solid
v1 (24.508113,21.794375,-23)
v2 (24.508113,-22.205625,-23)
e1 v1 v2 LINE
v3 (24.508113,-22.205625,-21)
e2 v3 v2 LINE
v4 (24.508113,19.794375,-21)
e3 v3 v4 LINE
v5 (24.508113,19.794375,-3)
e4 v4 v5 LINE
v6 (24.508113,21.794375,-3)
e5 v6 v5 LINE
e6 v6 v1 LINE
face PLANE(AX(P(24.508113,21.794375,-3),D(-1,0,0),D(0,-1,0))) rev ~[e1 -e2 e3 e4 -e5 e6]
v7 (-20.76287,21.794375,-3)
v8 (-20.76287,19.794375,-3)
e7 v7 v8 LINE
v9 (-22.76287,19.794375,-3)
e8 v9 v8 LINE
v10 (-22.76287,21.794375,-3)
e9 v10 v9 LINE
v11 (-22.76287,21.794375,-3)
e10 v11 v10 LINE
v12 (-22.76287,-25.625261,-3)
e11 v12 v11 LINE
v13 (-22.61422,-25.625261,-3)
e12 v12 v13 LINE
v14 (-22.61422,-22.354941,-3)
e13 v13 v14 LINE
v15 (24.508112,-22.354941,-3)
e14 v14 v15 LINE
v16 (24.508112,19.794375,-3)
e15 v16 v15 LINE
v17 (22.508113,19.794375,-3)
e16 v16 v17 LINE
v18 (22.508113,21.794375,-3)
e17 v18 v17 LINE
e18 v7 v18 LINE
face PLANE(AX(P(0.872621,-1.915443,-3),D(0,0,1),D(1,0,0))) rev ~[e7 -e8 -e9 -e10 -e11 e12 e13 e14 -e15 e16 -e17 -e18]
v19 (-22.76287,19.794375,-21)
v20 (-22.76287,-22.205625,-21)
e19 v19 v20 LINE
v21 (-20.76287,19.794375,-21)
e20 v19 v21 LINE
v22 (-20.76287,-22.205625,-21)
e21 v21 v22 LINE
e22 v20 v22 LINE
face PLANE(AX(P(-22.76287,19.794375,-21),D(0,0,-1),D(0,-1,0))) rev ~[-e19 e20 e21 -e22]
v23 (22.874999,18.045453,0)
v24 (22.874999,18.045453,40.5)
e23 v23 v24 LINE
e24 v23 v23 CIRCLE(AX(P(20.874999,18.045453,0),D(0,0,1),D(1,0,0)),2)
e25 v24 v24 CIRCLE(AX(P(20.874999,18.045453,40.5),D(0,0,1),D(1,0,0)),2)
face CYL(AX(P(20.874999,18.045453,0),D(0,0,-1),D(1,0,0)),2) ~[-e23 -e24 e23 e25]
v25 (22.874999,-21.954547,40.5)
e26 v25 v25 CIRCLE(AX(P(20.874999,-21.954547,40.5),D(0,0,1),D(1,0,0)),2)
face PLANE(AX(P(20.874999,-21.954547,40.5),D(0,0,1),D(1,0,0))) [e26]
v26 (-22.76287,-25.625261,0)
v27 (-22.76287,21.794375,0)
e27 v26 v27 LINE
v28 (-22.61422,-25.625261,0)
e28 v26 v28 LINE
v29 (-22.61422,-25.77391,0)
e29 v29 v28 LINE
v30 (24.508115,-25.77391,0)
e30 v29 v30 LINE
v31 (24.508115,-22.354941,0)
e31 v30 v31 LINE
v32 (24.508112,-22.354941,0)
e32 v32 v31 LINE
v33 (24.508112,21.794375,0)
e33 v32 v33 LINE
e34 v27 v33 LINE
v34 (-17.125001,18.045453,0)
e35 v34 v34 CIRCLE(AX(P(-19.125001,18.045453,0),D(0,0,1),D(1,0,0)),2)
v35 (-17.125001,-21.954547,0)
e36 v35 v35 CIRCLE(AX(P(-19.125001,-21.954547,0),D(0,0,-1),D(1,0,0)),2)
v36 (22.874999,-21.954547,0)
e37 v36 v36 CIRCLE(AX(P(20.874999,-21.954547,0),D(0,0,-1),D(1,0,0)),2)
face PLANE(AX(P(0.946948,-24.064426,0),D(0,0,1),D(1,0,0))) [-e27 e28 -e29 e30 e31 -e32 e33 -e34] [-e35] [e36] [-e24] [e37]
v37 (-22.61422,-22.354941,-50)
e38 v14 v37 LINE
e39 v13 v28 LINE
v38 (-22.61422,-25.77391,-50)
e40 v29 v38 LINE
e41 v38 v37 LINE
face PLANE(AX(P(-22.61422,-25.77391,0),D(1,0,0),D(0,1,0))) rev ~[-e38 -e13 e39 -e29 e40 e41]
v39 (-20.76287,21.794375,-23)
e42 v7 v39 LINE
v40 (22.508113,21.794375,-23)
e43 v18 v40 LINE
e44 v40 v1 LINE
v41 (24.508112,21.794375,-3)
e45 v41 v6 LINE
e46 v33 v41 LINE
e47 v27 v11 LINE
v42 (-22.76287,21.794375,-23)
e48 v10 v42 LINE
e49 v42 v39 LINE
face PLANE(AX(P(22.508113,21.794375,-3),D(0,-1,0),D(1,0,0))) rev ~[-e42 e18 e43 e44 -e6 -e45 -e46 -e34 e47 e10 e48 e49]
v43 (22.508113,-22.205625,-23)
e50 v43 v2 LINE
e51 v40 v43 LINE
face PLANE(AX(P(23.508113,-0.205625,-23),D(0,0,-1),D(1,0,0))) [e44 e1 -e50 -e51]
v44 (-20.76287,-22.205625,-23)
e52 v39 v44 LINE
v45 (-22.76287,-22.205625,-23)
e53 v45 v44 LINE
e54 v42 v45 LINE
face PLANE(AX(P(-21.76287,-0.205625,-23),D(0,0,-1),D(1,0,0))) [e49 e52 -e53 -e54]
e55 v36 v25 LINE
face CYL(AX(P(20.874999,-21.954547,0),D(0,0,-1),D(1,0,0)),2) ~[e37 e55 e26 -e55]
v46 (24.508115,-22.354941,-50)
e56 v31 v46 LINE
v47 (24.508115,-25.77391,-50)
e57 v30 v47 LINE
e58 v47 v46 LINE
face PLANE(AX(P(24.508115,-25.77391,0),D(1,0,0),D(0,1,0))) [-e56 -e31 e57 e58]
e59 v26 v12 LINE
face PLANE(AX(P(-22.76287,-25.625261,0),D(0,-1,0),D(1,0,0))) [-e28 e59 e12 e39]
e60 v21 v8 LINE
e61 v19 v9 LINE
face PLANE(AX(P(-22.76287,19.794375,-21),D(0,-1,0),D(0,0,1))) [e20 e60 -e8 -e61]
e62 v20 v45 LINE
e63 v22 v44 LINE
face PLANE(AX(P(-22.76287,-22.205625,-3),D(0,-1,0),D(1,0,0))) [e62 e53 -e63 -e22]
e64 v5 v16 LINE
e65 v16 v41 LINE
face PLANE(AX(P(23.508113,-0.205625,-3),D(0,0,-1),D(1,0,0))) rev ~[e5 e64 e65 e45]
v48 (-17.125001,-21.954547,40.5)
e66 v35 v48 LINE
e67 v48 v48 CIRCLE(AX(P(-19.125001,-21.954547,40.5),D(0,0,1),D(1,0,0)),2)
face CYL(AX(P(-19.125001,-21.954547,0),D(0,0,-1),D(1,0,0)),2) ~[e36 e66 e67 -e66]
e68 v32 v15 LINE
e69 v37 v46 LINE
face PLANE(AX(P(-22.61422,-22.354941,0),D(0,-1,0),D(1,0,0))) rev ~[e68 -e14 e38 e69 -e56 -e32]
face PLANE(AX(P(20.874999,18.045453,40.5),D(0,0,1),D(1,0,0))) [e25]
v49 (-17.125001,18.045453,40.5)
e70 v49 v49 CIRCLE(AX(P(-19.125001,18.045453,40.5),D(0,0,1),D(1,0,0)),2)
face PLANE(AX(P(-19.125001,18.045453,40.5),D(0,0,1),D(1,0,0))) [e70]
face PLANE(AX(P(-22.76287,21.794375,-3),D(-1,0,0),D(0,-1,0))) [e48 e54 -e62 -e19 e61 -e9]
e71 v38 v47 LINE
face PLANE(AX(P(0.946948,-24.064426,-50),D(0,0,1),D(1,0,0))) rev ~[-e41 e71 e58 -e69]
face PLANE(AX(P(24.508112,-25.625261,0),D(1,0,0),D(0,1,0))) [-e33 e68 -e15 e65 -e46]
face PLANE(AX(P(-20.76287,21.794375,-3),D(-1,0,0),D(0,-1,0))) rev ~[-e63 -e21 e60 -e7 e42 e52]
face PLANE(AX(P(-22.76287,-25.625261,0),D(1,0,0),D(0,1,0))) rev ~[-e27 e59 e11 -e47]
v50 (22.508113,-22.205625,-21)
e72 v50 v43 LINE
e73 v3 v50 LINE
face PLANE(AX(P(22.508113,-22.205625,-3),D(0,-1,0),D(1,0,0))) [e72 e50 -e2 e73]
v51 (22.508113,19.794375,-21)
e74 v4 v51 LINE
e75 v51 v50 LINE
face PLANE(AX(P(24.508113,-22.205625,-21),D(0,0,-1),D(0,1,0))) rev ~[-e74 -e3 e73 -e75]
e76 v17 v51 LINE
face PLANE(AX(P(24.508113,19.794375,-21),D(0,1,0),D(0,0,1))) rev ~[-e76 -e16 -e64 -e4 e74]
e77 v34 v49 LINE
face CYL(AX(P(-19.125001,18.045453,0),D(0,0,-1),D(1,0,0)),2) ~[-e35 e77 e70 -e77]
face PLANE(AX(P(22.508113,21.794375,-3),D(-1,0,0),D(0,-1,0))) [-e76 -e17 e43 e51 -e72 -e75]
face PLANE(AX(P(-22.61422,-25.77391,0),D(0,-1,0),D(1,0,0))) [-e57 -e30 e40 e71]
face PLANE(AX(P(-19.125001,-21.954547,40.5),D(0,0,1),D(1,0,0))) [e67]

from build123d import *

# Parameters (mm, degrees)
F0_R      = 2
F1_DEPTH  = 40.5
F2_W      = 47.270983
F2_H      = 47.419636
F3_DEPTH  = 3
F4_W      = 47.122335
F4_H      = 3.418969
F5_DEPTH  = 50
F6_W      = 2
F6_H      = 44
F7_DEPTH  = 20
F8_W      = 2
F8_H      = 44
F9_DEPTH  = 20
F10_W     = 42
F10_H     = 18
F11_DEPTH = 25
F12_W     = 42
F12_H     = 18
F13_DEPTH = 25


with BuildPart() as f1:
    # F0 (on Top) → F1 (new body)
    with BuildSketch(Plane.XY):
        with Locations((-19.125001, -21.954547)):
            Circle(F0_R)
        with Locations((20.874999, 18.045453)):
            Circle(F0_R)
        with Locations((20.874999, -21.954547)):
            Circle(F0_R)
        with Locations((-19.125001, 18.045453)):
            Circle(F0_R)
    extrude(amount=F1_DEPTH)

    # F2 (on Top) → F3 (join)
    with BuildSketch(Plane.XY):
        with Locations((0.872621, -1.915443)):
            Rectangle(F2_W, F2_H)
    extrude(amount=-F3_DEPTH)

    # F4 (on Top) → F5 (join)
    with BuildSketch(Plane.XY):
        with Locations((0.946948, -24.064426)):
            Rectangle(F4_W, F4_H)
    extrude(amount=-F5_DEPTH)

    # F6 (on face) → F7 (join)
    with BuildSketch(Plane(origin=(0, 0, -3), x_dir=(1, 0, 0), z_dir=(0, 0, -1))):
        with Locations((23.508113, 0.205625)):
            Rectangle(F6_W, F6_H)
    extrude(amount=F7_DEPTH)

    # F8 (on face) → F9 (join)
    with BuildSketch(Plane(origin=(0, 0, -3), x_dir=(1, 0, 0), z_dir=(0, 0, -1))):
        with Locations((-21.76287, 0.205625)):
            Rectangle(F8_W, F8_H)
    extrude(amount=F9_DEPTH)

    # F10 (on face) → F11 (cut)
    with BuildSketch(Plane.YZ.offset(24.508113)):
        with Locations((-1.205625, -12)):
            Rectangle(F10_W, F10_H)
    extrude(amount=-F11_DEPTH, mode=Mode.SUBTRACT)

    # F12 (on face) → F13 (cut)
    with BuildSketch(Plane(origin=(-22.76287, 0, 0), x_dir=(0, -1, 0), z_dir=(-1, 0, 0))):
        with Locations((1.205625, -12)):
            Rectangle(F12_W, F12_H)
    extrude(amount=-F13_DEPTH, mode=Mode.SUBTRACT)


solid = f1.part
